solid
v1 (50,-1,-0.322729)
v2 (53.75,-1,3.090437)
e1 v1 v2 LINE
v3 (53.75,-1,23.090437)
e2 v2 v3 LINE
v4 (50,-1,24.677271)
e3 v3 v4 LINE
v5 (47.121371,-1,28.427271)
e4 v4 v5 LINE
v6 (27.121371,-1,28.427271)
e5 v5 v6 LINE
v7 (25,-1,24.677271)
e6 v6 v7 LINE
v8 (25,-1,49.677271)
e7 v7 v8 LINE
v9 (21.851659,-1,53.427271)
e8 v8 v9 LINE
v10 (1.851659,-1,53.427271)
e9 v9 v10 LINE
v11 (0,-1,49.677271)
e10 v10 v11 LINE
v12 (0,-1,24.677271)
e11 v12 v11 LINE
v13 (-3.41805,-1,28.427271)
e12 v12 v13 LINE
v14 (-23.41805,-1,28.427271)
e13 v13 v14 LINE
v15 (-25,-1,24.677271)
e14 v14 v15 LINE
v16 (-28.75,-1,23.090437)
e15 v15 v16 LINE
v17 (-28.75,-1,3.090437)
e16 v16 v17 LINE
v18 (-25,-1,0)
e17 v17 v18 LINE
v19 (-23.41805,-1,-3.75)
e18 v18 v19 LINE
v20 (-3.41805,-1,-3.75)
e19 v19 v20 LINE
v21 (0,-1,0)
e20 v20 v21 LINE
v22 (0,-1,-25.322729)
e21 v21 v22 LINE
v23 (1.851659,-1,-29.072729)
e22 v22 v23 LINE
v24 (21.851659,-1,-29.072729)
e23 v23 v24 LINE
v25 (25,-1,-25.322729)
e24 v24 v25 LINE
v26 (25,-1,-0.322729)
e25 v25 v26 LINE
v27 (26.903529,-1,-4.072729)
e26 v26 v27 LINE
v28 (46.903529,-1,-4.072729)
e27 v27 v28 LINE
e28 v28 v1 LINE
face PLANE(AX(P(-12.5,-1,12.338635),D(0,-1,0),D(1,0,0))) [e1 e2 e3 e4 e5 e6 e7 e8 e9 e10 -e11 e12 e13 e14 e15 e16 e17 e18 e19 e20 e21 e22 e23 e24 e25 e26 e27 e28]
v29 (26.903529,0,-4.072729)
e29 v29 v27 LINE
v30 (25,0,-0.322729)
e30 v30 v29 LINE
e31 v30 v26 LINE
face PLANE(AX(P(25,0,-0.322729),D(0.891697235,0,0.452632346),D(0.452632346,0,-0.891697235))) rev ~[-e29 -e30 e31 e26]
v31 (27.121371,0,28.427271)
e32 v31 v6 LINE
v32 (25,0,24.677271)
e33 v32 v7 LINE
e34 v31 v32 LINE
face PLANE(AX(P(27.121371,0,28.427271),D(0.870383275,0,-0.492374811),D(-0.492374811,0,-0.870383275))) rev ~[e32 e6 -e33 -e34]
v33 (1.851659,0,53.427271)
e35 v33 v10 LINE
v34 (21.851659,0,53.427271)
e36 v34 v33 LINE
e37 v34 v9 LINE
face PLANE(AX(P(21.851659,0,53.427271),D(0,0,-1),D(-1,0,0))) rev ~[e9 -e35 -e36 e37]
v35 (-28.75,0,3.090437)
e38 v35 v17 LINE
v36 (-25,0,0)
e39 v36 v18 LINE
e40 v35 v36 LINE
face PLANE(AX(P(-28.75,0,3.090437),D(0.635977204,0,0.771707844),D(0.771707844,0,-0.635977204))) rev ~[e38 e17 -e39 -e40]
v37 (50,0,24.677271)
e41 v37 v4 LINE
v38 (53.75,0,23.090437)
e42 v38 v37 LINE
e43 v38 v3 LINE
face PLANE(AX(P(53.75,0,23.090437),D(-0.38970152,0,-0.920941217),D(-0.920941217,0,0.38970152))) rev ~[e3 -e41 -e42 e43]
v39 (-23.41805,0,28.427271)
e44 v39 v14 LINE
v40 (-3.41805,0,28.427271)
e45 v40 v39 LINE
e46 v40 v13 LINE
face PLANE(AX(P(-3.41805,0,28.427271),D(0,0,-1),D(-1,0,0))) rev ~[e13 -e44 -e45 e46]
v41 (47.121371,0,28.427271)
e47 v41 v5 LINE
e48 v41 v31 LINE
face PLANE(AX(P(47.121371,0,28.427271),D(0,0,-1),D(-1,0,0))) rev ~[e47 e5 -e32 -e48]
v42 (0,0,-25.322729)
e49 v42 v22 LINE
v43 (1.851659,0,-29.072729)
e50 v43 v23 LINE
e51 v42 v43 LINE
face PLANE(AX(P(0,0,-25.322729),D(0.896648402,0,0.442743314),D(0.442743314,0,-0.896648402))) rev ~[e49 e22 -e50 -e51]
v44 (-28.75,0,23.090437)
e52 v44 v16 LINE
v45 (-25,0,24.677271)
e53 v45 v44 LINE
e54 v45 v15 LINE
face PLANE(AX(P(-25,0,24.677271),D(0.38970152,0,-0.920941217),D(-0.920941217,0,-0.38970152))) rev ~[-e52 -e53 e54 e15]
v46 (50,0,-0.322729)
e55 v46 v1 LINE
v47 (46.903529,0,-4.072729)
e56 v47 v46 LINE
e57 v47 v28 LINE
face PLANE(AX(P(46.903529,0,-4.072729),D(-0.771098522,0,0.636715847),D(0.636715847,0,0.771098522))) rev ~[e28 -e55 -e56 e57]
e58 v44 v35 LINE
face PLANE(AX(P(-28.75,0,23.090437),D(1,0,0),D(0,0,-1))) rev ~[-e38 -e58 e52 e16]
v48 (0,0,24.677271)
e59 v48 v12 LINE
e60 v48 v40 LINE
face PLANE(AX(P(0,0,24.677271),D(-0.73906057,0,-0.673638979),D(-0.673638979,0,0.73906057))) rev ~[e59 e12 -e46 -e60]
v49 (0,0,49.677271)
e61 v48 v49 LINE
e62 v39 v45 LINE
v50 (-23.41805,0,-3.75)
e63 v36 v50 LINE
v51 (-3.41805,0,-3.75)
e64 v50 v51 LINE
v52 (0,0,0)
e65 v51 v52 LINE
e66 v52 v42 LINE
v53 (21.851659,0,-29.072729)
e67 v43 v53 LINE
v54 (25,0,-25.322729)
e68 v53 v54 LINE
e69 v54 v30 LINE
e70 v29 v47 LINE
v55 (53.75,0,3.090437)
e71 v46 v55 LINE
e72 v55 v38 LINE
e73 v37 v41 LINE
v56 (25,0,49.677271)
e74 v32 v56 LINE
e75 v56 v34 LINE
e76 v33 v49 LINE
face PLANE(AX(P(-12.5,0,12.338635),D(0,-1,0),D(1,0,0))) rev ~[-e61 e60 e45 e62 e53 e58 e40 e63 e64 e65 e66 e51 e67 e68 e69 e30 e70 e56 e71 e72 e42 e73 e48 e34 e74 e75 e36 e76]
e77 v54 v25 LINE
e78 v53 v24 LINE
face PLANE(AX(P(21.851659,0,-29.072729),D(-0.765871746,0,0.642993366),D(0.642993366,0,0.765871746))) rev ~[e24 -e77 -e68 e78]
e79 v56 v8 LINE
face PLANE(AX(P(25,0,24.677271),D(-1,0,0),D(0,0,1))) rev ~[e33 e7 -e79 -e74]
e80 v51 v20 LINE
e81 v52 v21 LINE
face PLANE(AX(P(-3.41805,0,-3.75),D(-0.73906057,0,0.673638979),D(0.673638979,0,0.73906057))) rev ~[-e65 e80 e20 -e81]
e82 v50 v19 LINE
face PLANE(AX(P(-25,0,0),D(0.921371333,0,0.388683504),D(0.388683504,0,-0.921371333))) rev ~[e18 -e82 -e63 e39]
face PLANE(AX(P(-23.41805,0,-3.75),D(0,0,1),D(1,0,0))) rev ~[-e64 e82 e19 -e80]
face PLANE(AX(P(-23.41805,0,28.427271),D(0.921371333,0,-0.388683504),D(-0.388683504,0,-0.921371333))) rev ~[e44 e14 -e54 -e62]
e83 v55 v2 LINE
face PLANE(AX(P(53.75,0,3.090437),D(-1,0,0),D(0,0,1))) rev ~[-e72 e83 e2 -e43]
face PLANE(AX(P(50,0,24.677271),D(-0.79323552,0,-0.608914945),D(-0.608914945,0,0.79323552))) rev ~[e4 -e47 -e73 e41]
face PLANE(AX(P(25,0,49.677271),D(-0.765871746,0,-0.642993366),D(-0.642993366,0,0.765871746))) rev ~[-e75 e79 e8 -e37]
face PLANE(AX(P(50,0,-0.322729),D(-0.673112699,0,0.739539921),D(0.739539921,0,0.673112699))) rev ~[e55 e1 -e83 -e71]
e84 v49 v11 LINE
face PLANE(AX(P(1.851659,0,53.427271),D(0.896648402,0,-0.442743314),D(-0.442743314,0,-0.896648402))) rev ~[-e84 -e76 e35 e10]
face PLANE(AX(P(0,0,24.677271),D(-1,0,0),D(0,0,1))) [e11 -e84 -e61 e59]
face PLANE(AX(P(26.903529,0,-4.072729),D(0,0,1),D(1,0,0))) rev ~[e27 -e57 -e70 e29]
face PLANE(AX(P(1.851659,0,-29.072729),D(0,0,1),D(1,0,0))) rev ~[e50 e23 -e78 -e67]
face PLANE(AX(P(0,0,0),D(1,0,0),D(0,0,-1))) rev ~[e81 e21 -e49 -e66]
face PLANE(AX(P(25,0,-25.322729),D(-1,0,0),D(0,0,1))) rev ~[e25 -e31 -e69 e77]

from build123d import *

# Parameters (mm, degrees)
F0_W     = 25
F0_H     = 24.6772709091
F0_H_2   = 25
F1_DEPTH = 1


with BuildPart() as f1:
    # F0 (on Front) → F1 (new body)
    with BuildSketch(Plane.XZ):
        with Locations((-12.5, 12.3386354545)):
            Rectangle(F0_W, F0_H)
        Polygon((0, 24.6772709091), (0, 0), (25, -0.3227290909), (25, 24.6772709091), align=None)
        with Locations((12.5, 37.1772709091)):
            Rectangle(F0_W, F0_H_2)
        with Locations((37.5, 12.1772709091)):
            Rectangle(F0_W, F0_H_2)
        Polygon((25, -0.3227290909), (0, 0), (0, -25.3227290909), (25, -25.3227290909), align=None)
        Polygon((1.8516593846, 53.4272709091), (0, 49.6772709091), (25, 49.6772709091), (21.8516593846, 53.4272709091), align=None)
        Polygon((-25, 24.6772709091), (0, 24.6772709091), (-3.4180502594, 28.4272709091), (-23.4180502594, 28.4272709091), align=None)
        Polygon((-28.75, 3.0904370546), (-25, 0), (-25, 24.6772709091), (-28.75, 23.0904370546), align=None)
        Polygon((-3.4180502594, -3.75), (0, 0), (-25, 0), (-23.4180502594, -3.75), align=None)
        Polygon((25, -25.3227290909), (0, -25.3227290909), (1.8516593846, -29.0727290909), (21.8516593846, -29.0727290909), align=None)
        Polygon((50, -0.3227290909), (25, -0.3227290909), (26.9035287201, -4.0727290909), (46.9035287201, -4.0727290909), align=None)
        Polygon((50, 24.6772709091), (50, -0.3227290909), (53.75, 3.0904370546), (53.75, 23.0904370546), align=None)
        Polygon((27.1213706583, 28.4272709091), (25, 24.6772709091), (50, 24.6772709091), (47.1213706583, 28.4272709091), align=None)
    extrude(amount=F1_DEPTH)


solid = f1.part
